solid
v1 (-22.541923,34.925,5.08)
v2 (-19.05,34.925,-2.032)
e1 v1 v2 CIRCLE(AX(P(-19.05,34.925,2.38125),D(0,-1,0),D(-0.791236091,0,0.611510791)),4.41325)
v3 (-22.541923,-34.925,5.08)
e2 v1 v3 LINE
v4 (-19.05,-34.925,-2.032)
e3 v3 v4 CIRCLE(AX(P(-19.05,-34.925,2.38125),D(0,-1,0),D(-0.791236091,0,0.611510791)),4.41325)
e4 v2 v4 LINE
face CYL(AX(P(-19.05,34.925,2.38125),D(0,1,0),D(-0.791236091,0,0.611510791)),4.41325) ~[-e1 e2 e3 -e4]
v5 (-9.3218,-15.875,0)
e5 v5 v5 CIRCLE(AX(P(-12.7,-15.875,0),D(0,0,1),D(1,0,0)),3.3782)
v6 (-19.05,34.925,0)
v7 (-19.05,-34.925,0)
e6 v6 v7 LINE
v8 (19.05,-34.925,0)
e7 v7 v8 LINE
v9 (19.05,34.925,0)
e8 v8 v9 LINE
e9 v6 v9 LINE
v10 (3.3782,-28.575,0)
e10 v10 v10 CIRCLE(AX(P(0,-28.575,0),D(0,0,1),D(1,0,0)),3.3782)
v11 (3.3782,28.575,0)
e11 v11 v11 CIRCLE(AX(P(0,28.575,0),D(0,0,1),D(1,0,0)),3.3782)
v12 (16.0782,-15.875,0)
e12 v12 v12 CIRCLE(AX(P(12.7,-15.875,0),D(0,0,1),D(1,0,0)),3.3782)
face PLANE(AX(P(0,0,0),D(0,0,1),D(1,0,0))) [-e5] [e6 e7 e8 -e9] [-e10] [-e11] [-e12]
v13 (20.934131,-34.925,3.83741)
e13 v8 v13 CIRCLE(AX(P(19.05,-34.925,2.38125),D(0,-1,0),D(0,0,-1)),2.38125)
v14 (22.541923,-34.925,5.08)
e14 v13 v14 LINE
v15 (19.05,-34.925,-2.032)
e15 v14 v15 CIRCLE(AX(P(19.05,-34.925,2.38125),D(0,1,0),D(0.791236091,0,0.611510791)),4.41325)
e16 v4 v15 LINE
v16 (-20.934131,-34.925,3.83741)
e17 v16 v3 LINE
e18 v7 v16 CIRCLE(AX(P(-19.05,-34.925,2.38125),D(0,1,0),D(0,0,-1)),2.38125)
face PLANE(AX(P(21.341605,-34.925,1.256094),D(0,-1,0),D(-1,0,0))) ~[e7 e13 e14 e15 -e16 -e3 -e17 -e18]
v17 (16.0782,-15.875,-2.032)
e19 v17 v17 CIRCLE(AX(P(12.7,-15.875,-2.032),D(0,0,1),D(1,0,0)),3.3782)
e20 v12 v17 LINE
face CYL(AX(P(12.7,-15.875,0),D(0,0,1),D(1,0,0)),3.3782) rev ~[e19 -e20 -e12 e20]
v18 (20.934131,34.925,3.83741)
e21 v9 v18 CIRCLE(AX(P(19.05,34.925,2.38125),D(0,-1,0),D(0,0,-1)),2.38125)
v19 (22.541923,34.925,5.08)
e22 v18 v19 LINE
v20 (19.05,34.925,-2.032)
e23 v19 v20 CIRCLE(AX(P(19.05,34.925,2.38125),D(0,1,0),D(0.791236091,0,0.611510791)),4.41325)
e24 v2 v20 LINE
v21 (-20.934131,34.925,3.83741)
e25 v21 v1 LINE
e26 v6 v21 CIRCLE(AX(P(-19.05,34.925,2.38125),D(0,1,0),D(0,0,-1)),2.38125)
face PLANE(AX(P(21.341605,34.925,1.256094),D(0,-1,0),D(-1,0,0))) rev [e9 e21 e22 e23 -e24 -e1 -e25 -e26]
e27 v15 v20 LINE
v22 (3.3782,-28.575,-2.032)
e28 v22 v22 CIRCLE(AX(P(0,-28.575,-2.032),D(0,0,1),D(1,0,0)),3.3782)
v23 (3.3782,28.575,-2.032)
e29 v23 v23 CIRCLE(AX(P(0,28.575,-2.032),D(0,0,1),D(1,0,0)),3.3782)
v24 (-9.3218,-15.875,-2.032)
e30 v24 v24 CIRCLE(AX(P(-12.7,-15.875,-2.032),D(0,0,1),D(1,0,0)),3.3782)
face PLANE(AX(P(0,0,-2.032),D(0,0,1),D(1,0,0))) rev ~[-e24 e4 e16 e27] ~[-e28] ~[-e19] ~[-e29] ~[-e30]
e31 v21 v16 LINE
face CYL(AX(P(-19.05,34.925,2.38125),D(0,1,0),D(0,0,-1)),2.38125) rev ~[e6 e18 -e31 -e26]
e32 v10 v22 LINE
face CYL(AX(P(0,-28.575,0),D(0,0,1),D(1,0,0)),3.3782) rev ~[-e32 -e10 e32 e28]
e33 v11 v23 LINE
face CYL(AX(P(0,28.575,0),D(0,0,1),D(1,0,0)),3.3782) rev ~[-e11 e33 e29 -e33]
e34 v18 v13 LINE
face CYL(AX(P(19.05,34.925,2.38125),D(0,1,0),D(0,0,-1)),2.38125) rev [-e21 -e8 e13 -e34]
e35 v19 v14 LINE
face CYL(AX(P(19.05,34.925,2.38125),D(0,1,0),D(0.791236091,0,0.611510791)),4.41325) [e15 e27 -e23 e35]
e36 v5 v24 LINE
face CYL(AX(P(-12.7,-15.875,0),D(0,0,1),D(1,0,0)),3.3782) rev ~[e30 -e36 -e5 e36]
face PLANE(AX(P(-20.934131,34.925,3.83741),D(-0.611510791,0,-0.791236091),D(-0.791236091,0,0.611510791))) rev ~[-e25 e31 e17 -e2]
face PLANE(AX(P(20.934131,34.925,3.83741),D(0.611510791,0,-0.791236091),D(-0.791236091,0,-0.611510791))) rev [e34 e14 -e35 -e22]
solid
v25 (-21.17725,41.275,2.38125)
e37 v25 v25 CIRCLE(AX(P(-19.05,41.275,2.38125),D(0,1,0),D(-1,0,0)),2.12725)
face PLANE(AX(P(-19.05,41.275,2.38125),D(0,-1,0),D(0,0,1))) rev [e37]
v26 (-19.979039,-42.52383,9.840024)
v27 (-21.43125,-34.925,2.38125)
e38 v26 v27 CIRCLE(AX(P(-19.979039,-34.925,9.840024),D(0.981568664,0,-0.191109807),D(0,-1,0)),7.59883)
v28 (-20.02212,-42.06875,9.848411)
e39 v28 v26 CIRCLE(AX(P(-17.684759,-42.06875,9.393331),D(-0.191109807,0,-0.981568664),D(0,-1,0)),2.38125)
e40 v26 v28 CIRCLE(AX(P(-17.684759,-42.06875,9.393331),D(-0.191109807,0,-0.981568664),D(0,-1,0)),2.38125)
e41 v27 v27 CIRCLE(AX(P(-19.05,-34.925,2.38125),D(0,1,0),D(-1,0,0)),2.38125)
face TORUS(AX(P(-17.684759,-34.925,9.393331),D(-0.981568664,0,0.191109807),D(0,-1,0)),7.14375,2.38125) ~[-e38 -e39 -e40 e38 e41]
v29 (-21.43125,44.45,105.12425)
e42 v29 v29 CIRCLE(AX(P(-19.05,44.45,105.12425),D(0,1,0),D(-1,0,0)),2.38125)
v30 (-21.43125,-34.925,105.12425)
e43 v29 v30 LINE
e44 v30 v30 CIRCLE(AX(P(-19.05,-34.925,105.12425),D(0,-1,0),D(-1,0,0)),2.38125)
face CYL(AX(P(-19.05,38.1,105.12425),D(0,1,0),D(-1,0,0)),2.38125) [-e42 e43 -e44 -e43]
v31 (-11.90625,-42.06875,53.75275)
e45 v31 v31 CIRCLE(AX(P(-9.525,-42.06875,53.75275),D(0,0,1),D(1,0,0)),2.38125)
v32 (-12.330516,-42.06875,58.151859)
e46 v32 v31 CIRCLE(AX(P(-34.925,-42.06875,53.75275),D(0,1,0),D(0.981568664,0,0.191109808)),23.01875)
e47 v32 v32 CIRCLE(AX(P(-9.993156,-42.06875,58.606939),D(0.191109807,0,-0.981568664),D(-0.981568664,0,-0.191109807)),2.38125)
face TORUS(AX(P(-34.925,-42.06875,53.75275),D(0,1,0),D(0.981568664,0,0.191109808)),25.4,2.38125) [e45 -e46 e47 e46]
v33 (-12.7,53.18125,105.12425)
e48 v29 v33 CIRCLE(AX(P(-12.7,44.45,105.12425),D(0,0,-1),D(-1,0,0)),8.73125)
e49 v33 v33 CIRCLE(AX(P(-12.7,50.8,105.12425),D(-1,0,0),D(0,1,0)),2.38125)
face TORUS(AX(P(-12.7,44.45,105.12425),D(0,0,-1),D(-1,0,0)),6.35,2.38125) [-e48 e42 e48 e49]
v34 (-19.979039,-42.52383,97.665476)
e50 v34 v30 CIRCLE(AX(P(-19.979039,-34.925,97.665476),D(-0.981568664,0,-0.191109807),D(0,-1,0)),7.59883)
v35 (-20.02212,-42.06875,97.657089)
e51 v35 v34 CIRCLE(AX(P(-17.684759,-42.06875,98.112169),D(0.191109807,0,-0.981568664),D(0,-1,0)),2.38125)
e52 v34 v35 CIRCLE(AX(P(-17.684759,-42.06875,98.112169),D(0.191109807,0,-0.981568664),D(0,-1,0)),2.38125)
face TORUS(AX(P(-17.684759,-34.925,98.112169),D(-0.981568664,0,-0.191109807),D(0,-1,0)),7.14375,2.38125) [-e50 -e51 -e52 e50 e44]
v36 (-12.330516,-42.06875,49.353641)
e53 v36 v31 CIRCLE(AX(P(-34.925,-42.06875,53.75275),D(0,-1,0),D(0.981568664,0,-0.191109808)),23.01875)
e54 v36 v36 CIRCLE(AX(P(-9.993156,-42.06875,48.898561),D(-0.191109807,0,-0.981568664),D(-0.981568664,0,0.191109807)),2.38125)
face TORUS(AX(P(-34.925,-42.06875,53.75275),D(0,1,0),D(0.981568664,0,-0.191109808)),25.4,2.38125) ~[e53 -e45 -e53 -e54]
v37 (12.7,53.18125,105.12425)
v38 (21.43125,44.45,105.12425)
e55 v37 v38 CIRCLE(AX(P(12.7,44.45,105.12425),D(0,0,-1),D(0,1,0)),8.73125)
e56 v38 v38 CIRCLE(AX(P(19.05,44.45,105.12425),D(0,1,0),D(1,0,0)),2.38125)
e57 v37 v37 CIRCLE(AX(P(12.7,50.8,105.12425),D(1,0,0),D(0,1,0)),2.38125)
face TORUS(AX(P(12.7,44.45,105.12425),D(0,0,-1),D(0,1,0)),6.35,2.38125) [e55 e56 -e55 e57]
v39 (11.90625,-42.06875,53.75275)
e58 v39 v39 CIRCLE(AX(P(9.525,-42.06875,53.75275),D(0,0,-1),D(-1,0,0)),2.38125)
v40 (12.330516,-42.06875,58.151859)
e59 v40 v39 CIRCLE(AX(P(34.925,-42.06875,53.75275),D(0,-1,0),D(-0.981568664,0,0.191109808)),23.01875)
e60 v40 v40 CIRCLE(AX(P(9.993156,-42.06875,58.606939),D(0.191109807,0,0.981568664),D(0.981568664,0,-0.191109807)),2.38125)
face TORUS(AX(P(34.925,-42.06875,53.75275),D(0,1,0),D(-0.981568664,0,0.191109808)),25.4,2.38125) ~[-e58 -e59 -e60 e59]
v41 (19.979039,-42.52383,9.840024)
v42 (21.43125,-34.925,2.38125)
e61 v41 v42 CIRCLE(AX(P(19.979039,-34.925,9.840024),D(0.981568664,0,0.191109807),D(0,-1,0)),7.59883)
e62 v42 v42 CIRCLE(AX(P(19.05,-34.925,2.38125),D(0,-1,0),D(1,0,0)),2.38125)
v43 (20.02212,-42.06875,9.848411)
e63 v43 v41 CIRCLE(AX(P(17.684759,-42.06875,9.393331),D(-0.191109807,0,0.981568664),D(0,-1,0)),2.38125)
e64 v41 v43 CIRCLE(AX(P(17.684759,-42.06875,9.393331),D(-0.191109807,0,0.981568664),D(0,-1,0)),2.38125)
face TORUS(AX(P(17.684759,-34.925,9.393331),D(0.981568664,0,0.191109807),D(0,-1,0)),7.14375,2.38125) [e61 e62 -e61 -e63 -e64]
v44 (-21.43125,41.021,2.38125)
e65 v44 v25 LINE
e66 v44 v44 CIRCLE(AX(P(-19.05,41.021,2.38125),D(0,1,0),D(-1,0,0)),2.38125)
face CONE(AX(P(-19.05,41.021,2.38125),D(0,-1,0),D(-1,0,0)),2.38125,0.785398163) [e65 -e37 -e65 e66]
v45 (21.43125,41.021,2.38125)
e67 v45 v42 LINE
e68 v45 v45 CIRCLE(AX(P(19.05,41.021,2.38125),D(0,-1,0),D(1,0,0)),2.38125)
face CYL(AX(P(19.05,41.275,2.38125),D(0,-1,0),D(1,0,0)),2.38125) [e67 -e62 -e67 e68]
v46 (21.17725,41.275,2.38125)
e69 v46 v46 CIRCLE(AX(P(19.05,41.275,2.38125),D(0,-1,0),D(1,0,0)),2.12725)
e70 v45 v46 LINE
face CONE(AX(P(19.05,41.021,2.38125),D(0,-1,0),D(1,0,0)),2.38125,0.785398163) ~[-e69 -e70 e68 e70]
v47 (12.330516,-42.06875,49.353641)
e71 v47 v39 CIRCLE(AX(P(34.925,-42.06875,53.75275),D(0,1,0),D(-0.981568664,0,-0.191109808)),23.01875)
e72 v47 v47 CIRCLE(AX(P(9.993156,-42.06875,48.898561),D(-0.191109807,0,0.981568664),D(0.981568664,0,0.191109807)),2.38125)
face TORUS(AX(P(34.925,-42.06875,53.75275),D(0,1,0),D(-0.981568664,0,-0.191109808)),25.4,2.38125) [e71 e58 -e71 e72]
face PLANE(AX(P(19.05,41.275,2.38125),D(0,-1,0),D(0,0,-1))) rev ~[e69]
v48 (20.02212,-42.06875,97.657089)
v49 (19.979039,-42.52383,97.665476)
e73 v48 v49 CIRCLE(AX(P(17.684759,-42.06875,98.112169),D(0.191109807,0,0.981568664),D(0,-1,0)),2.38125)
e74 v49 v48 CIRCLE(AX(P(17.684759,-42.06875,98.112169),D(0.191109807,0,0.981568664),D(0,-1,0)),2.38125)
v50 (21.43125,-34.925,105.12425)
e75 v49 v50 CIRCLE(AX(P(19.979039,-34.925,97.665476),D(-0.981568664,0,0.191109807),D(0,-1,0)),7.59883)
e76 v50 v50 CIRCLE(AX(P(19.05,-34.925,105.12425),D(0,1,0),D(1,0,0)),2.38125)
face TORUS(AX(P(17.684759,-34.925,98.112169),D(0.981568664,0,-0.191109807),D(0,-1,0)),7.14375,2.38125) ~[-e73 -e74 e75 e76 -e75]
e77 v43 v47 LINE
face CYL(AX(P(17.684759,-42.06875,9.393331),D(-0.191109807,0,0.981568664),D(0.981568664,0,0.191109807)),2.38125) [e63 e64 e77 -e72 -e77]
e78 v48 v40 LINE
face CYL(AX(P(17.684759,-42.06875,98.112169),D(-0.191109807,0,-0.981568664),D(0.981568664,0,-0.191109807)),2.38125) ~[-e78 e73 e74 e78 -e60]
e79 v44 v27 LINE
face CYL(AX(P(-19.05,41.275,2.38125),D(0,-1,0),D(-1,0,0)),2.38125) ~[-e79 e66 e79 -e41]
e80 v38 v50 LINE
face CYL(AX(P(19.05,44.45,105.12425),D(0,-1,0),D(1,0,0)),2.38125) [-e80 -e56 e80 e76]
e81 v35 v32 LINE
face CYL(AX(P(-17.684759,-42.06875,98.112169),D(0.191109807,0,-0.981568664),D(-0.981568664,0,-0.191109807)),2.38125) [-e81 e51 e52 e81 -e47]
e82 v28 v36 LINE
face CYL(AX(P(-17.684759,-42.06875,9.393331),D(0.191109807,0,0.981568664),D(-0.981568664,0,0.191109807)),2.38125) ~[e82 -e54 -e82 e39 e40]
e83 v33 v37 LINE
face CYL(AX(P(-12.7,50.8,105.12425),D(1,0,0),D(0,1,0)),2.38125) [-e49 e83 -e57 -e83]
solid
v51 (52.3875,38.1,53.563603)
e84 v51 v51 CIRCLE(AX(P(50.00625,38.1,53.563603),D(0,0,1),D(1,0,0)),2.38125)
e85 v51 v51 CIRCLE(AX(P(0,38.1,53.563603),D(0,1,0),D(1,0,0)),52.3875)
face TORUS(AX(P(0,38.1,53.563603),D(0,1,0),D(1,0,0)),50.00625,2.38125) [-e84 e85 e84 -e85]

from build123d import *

# Parameters (mm, degrees)
SKETCH1_W           = 38.1
SKETCH1_H           = 69.85
SKETCH1_R           = 3.3782
BOSS_EXTRUDE1_DEPTH = 2.032
SKETCH5_R           = 2.38125
SKETCH10_R          = 2.38125
SKETCH11_R          = 2.38125
SKETCH16_R          = 2.38125
CUT_EXTRUDE2_DEPTH  = 3.175
SKETCH14_R          = 2.38125
SKETCH7_R           = 2.38125
BOSS_EXTRUDE8_DEPTH = 69.85
CHAMFER1_SIZE       = 0.254


with BuildPart() as part:
    # Sketch1 → Boss-Extrude1 (new body)
    with BuildSketch(Plane.XY):
        Rectangle(SKETCH1_W, SKETCH1_H)
        with Locations((0, 28.575)):
            Circle(SKETCH1_R, mode=Mode.SUBTRACT)
        with Locations((0, -28.575)):
            Circle(SKETCH1_R, mode=Mode.SUBTRACT)
        with Locations((-12.7, -15.875)):
            Circle(SKETCH1_R, mode=Mode.SUBTRACT)
        with Locations((12.7, -15.875)):
            Circle(SKETCH1_R, mode=Mode.SUBTRACT)
    extrude(amount=-BOSS_EXTRUDE1_DEPTH)


with BuildPart() as body_2:
    # Sweep7: sweep along a path in Sketch4
    with BuildLine(Plane(origin=(19.05, 0, 0), x_dir=(0, 0, -1), z_dir=(1, 0, 0))) as sweep7_path:
        Line((-2.38125, 41.275), (-2.38125, -34.925))
    # Sketch5 → Sweep7 (sweep)
    with BuildSketch(Plane.XZ.offset(-41.275)):
        with Locations((19.05, 2.38125)):
            Circle(SKETCH5_R)
    sweep(path=sweep7_path.line)

    # Sweep4: sweep along a path in Sketch9
    with BuildLine(Plane(origin=(18.800930134, 0, 3.660510229), x_dir=(-0.1911098072603005, 0, 0.981568663705668), z_dir=(-0.9815686637056681, 0, -0.19110980726030052))) as sweep4_path:
        ThreePointArc((5.840468552, -42.06875), (0.789074484, -39.976394068), (-1.303281448, -34.925))
    # Sketch10 → Sweep4 (sweep)
    with BuildSketch(Plane.XZ.offset(34.925)):
        with Locations((19.05, 2.38125)):
            Circle(SKETCH10_R)
    sweep(path=sweep4_path.line)

    # Sweep5: sweep along a path in Sketch8
    with BuildLine(Plane(origin=(0, -42.06875, 0), x_dir=(1, 0, 0), z_dir=(0, 1, 0))) as sweep5_path:
        Line((17.684759314, -9.393331141), (9.993155942, -48.898560896))
        ThreePointArc((9.993155942, -48.898560896), (9.642309883, -51.314393902), (9.525, -53.75275))
    # Sketch11 → Sweep5 (sweep)
    with BuildSketch(Plane(origin=(-1.116170819, 0, 5.732820912), x_dir=(0.981568663705668, 0, 0.19110980726030052), z_dir=(-0.19110980726030055, 0, 0.9815686637056681))):
        with Locations((19.153963272, -42.06875)):
            Circle(SKETCH11_R)
    sweep(path=sweep5_path.line)

    # Mirror8: body 2 across plane


with BuildPart() as body_2_1:
    add(body_2.part)
    add(body_2.part.mirror(Plane(origin=(9.525, -42.06875, 53.75275), x_dir=(1, 0, 0), z_dir=(0, 0, 1))))


with BuildPart() as body_3:
    # Mirror6: mirrored copy
    add(body_2_1.part.mirror(Plane(origin=(0, 0, 0), x_dir=(0, 0, 1), z_dir=(1, 0, 0))))


with BuildPart() as cut_extrude2_tool:
    # Sketch16 → Cut-Extrude2 (new body)
    with BuildSketch(Plane(origin=(0, 41.275, 0), x_dir=(1, 0, 0), z_dir=(0, 1, 0))):
        with Locations(Location((-19.05, -105.12425, 0), (0, 0, 258.982441638))):
            Circle(SKETCH16_R)
        with Locations(Location((19.05, -105.12425, 0), (0, 0, 281.017558362))):
            Circle(SKETCH16_R)
    extrude(amount=-CUT_EXTRUDE2_DEPTH)


with BuildPart() as body_2_2:
    add(body_2_1.part)

    # Cut-Extrude2: cut by cut_extrude2_tool
    add(cut_extrude2_tool.part, mode=Mode.SUBTRACT)



with BuildPart() as body_3_1:
    add(body_3.part)

    # Cut-Extrude2: cut by cut_extrude2_tool
    add(cut_extrude2_tool.part, mode=Mode.SUBTRACT)


with BuildPart() as body_2_3:
    add(body_2_2.part)

    add(body_3_1.part)  # Sweep9 merges body 3
    # Sweep9: sweep along a path in Sketch13
    with BuildLine(Plane.XY.offset(105.12425)) as sweep9_path:
        Line((-19.05, 38.1), (-19.05, 44.45))
        ThreePointArc((-19.05, 44.45), (-17.190128061, 48.940128061), (-12.7, 50.8))
        Line((-12.7, 50.8), (12.7, 50.8))
        ThreePointArc((12.7, 50.8), (17.190128061, 48.940128061), (19.05, 44.45))
        Line((19.05, 44.45), (19.05, 38.1))
    # Sketch14 → Sweep9 (sweep)
    with BuildSketch(Plane(origin=(0, 38.1, 0), x_dir=(1, 0, 0), z_dir=(0, 1, 0))):
        with Locations((19.05, -105.12425)):
            Circle(SKETCH14_R)
    sweep(path=sweep9_path.line)

    # Chamfer1
    chamfer1_edges = [body_2_3.edges().sort_by_distance(p)[0] for p in [
        (16.66875, 41.275, 2.38125),
        (-16.66875, 41.275, 2.38125),
    ]]
    chamfer(chamfer1_edges, length=CHAMFER1_SIZE)


with BuildPart() as body_3_2:
    # Sweep8: sweep along a path in Sketch6
    with BuildLine(Plane(origin=(0, 38.1, 0), x_dir=(1, 0, 0), z_dir=(0, 1, 0))) as sweep8_path:
        CenterArc((0, -53.563603023), 50.00625, 0, 360)
    # Sketch7 → Sweep8 (sweep)
    with BuildSketch(Plane(origin=(0, 0, 0), x_dir=(0, 0, -1), z_dir=(1, 0, 0))):
        with Locations((-3.557353023, 38.1)):
            Circle(SKETCH7_R)
    sweep(path=sweep8_path.line)


with BuildPart() as body_4:
    # Sketch18 → Boss-Extrude8 (new body)
    with BuildSketch(Plane(origin=(0, 34.925, 0), x_dir=(1, 0, 0), z_dir=(0, 1, 0))):
        with BuildLine():
            Line((-20.934130942, -3.837410072), (-22.54192268, -5.08))
            ThreePointArc((-22.54192268, -5.08), (-23.011504386, -0.436189959), (-19.05, 2.032))
            Line((-19.05, 2.032), (-19.05, 0))
            ThreePointArc((-19.05, 0), (-21.187502367, -1.331757172), (-20.934130942, -3.837410072))
        make_face()
    extrude(amount=-BOSS_EXTRUDE8_DEPTH)


with BuildPart() as body_5:
    # Mirror9: mirrored copy
    add(body_4.part.mirror(Plane(origin=(0, 0, 0), x_dir=(0, 0, 1), z_dir=(1, 0, 0))))


with BuildPart() as body_4_1:
    add(body_4.part)

    # Combine1: union part, body 5
    add(part.part)
    add(body_5.part)


solid = Compound([body_2_3.part, body_3_2.part, body_4_1.part])
